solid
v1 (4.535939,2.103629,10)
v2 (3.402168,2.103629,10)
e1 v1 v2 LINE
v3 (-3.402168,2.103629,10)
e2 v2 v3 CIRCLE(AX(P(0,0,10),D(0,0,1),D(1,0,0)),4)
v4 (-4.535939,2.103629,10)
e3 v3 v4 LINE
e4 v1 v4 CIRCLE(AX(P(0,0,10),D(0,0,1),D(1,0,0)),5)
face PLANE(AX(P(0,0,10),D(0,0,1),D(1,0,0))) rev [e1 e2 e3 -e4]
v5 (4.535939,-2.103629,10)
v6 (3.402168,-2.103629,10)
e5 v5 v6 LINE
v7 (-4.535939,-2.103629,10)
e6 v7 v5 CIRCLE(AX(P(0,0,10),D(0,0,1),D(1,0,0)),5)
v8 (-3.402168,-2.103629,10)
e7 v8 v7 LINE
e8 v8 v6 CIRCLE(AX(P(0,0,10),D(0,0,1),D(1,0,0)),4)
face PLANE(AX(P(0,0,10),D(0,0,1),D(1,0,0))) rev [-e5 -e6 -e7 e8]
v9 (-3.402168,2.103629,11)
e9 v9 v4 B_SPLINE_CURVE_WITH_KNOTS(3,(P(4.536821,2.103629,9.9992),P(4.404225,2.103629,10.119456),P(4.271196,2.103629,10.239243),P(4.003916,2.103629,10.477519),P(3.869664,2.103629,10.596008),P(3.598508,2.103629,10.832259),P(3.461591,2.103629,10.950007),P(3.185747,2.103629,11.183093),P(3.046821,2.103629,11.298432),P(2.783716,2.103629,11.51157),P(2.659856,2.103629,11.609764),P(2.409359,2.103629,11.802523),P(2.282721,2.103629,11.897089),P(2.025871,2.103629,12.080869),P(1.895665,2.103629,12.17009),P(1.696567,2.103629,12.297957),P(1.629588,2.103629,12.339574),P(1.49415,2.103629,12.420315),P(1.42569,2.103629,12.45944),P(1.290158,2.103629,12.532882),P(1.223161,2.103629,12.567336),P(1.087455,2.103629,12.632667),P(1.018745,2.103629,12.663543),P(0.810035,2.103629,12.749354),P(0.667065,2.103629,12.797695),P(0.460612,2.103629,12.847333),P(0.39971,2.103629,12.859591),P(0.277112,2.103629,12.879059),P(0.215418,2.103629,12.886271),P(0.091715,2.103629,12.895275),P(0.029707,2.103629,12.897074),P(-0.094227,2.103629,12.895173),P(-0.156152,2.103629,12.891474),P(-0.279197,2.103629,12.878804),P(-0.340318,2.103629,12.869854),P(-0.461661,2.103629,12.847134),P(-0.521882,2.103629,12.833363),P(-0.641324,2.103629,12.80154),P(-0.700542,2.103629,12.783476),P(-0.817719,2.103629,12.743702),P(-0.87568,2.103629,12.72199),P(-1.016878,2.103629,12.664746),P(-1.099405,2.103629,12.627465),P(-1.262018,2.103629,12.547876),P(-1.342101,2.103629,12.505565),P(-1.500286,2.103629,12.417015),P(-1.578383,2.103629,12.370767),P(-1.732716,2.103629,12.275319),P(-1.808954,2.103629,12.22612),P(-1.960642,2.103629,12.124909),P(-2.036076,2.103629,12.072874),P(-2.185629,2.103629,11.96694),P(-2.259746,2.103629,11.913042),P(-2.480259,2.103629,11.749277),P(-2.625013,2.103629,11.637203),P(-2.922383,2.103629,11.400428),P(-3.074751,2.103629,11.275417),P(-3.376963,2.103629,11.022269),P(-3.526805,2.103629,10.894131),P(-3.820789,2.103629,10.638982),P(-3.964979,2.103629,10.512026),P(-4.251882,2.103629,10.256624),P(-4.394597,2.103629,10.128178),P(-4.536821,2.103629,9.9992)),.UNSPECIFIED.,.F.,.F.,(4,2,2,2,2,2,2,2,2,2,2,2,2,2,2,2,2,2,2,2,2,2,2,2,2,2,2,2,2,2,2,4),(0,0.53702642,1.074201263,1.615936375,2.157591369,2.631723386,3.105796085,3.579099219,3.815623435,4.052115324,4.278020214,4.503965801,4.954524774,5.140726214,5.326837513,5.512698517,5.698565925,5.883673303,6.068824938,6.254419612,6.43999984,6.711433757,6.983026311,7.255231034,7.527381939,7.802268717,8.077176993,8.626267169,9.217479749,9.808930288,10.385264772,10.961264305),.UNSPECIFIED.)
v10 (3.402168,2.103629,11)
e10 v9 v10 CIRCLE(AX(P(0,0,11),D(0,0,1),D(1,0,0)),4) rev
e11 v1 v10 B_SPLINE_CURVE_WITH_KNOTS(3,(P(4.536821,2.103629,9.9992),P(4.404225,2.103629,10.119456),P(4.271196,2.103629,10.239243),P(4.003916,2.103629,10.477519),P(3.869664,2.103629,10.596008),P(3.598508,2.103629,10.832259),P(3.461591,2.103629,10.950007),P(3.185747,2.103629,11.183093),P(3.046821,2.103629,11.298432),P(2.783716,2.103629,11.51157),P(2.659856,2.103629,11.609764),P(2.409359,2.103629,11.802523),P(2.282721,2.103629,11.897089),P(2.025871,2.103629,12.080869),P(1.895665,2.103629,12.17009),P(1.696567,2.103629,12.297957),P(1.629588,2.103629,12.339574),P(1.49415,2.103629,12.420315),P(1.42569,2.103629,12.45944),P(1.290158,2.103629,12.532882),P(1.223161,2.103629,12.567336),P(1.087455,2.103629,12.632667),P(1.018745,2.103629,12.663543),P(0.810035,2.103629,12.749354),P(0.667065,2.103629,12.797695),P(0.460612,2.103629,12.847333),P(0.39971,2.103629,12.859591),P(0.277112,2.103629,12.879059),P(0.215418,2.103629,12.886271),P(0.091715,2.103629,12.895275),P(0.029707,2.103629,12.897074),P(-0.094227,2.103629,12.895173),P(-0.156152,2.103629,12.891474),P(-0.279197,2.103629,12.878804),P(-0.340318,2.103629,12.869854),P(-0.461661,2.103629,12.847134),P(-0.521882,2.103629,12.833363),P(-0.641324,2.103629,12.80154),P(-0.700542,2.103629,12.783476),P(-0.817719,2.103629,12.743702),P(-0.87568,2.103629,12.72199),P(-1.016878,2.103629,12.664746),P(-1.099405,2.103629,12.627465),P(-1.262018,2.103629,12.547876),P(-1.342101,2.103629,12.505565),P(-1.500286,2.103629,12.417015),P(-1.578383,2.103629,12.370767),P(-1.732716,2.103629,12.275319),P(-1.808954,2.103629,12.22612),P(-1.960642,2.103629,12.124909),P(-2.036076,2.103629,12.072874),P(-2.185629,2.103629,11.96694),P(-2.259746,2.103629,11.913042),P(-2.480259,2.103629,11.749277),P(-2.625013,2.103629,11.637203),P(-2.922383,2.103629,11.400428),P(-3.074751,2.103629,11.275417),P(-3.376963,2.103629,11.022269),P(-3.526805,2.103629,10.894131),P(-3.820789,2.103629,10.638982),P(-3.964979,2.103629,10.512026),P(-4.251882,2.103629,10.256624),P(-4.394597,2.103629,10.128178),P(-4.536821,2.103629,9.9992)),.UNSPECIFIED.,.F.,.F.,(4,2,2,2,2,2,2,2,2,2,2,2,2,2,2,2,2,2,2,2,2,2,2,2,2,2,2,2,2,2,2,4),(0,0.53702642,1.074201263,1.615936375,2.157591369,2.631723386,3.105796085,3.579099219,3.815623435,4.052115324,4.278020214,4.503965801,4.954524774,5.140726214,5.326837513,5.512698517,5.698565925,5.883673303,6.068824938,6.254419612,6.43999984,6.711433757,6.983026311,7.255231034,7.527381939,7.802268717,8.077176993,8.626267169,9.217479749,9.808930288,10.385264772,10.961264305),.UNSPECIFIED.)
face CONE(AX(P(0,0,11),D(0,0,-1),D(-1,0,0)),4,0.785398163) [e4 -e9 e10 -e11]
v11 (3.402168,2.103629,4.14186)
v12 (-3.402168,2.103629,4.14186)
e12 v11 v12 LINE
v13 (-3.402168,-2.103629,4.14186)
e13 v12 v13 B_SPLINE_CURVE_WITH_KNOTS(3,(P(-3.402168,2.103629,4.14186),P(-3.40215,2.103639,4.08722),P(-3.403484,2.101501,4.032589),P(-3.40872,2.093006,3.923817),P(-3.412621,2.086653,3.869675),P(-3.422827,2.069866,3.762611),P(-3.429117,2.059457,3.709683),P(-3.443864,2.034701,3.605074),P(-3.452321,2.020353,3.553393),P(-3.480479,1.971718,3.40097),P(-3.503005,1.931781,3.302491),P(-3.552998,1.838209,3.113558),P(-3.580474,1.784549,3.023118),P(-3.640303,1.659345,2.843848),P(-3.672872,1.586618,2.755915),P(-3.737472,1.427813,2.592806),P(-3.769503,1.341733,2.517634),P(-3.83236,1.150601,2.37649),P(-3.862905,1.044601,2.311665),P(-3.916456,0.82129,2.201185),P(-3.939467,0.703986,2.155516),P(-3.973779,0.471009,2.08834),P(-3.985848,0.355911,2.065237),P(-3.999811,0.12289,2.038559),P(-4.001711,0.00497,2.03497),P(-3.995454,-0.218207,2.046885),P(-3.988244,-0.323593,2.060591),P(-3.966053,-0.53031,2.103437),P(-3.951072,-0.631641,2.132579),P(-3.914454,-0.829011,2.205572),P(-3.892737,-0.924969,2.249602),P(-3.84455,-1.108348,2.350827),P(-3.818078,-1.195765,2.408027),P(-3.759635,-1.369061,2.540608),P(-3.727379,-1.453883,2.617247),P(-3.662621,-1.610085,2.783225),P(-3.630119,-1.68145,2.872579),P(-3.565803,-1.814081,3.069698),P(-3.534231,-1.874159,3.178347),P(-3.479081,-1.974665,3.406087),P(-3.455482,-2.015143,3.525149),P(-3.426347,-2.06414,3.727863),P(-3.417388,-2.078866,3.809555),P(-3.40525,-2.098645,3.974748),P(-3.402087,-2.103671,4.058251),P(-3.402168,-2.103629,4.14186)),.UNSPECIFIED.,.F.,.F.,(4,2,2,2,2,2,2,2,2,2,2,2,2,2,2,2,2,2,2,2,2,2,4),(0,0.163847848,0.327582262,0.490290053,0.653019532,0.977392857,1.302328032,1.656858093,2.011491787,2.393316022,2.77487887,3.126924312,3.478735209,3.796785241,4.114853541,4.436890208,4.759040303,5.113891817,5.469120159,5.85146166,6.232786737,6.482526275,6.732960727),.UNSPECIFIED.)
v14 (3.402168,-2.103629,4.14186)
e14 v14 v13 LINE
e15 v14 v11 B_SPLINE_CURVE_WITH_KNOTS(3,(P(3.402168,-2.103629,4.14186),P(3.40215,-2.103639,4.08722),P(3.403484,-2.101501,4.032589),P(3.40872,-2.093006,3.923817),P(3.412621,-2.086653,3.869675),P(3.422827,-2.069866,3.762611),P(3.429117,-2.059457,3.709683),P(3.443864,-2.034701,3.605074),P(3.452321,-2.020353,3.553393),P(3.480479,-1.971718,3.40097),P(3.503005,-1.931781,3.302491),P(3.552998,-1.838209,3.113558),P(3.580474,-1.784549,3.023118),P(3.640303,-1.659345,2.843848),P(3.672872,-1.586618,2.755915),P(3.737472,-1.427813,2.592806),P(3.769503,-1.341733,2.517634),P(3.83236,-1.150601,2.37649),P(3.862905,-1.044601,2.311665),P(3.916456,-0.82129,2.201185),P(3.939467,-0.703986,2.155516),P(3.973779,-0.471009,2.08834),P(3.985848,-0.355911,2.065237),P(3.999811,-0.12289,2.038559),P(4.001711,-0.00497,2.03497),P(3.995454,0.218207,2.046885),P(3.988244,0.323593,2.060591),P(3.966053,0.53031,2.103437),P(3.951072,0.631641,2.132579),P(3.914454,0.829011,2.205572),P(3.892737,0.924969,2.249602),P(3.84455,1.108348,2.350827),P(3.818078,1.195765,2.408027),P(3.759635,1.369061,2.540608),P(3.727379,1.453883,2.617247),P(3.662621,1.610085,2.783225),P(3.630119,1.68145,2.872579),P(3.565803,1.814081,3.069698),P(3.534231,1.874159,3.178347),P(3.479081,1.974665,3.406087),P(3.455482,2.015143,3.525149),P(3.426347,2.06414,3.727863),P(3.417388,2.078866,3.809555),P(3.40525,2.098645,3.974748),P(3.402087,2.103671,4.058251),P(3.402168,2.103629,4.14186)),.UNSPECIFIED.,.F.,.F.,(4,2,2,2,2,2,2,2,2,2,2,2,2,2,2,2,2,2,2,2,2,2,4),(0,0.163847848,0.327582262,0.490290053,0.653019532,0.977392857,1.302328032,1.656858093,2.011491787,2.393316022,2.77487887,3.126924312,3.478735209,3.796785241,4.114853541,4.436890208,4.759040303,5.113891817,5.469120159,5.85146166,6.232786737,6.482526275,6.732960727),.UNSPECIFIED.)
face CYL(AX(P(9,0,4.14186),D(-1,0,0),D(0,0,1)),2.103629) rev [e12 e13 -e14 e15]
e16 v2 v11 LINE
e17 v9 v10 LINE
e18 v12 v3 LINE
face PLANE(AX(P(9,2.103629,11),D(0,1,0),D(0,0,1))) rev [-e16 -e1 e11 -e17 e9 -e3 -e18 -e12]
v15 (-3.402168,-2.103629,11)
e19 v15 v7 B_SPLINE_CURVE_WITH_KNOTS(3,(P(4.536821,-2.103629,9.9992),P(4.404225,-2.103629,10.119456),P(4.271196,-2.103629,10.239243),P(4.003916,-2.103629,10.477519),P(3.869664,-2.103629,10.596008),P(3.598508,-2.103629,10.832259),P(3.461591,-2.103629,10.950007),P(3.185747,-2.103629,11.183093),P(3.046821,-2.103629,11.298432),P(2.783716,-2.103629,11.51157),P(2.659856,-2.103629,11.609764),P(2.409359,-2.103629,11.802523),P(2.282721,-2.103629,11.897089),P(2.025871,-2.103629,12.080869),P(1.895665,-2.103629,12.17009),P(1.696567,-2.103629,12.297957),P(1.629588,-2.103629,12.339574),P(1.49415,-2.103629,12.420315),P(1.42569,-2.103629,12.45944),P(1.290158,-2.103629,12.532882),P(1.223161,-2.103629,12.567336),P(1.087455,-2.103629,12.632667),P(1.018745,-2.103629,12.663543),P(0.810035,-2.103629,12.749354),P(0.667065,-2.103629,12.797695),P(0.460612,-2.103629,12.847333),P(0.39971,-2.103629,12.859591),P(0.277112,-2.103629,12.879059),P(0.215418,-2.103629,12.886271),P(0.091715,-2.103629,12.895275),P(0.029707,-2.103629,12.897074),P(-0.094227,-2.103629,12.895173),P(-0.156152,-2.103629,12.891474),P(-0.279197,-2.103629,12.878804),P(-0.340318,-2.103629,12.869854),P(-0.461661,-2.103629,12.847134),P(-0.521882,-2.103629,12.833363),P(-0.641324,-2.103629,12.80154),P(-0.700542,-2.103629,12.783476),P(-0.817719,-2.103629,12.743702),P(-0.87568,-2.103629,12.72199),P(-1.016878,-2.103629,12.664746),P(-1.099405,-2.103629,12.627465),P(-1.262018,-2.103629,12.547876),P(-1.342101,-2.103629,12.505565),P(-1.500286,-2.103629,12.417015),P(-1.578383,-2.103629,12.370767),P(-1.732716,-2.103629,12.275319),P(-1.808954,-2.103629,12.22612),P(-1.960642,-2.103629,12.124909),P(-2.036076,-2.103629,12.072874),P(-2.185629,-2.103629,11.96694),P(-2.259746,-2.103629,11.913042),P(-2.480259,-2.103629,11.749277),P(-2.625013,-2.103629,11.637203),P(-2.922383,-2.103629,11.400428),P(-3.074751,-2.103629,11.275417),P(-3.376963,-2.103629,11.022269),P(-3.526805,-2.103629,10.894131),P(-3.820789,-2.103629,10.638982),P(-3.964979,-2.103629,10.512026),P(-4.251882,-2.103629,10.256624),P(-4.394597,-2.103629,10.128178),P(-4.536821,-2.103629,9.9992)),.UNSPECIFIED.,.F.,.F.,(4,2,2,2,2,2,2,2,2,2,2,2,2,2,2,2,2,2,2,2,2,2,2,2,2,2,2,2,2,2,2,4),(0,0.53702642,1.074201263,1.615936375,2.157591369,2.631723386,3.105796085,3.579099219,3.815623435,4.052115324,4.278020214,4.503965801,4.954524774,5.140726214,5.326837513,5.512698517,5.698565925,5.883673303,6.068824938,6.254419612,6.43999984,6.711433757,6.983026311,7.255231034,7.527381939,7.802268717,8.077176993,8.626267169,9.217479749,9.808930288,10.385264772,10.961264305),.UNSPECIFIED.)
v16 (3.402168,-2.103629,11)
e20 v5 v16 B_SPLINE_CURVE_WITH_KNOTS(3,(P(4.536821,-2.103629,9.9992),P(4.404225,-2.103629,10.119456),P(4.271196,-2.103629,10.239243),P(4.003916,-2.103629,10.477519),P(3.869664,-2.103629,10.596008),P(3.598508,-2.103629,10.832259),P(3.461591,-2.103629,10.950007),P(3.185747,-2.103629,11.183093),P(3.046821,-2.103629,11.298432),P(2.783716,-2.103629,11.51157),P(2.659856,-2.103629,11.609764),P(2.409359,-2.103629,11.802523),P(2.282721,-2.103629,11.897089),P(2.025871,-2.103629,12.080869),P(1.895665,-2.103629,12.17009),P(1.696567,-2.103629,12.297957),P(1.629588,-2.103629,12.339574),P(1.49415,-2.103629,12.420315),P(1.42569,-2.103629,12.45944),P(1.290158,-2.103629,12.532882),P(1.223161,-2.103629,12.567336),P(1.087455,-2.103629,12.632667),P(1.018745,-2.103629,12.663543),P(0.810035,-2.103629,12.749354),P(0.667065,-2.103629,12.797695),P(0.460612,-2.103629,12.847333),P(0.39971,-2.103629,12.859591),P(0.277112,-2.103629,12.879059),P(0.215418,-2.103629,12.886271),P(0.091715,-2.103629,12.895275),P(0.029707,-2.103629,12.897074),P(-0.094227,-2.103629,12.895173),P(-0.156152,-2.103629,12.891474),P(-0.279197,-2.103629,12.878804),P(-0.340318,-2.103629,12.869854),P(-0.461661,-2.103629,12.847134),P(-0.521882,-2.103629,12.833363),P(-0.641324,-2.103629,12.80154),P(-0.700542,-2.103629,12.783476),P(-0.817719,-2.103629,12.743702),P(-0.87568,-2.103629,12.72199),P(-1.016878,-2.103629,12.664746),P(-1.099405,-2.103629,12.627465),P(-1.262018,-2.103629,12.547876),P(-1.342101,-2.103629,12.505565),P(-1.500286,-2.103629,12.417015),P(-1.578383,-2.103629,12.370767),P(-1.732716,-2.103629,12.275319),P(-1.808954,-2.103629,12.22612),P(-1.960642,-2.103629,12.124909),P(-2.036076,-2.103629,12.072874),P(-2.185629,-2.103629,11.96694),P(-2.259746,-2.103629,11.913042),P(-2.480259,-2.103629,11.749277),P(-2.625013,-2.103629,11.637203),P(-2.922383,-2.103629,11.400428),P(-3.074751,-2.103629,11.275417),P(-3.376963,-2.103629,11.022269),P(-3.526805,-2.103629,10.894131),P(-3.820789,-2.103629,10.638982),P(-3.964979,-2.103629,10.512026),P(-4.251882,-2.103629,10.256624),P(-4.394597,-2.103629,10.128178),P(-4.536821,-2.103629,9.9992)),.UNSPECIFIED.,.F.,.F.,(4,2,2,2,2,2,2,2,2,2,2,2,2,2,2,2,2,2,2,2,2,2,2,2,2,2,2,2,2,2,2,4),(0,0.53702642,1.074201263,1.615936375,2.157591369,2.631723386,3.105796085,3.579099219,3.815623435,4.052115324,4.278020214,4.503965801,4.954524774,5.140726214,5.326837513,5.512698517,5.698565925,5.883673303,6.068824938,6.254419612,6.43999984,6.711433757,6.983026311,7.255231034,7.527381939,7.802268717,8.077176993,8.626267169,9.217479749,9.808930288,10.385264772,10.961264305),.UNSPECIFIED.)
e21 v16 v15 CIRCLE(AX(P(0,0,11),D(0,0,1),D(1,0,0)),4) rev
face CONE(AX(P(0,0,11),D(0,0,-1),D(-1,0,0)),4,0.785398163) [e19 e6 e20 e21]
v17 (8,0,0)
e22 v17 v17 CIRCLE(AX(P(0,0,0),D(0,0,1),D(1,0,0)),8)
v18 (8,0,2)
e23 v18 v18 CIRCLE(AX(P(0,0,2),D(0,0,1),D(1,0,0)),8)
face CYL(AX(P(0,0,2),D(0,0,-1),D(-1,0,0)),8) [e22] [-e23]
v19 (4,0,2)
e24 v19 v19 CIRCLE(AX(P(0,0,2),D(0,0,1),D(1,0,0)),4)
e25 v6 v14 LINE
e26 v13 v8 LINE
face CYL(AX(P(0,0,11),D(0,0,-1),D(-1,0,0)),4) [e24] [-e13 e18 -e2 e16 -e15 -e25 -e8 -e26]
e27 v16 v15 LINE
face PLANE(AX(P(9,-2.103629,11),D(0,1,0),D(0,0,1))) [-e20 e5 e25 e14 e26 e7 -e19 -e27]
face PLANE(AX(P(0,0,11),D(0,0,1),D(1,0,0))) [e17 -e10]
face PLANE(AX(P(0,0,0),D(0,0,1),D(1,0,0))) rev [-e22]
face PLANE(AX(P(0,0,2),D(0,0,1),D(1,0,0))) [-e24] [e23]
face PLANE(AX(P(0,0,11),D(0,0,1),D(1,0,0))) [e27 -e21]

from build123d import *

# Parameters (mm, degrees)
SKETCH1_R               = 8
BOSS_EXTRUDE1_DEPTH     = 2
SKETCH2_R               = 4
BOSS_EXTRUDE2_DEPTH     = 9
SKETCH7_R               = 5
CUT_EXTRUDE1_DEPTH      = 9
CUT_EXTRUDE1_DEPTH_BACK = 9


with BuildPart() as part:
    # Sketch1 → Boss-Extrude1 (new body)
    with BuildSketch(Plane.XY):
        Circle(SKETCH1_R)
    extrude(amount=BOSS_EXTRUDE1_DEPTH)

    # Sketch2 → Boss-Extrude2 (add)
    with BuildSketch(Plane.XY.offset(2)):
        Circle(SKETCH2_R)
    extrude(amount=BOSS_EXTRUDE2_DEPTH)

    # Sketch7 → section 0 of loft1
    with BuildSketch(Plane.XY.offset(10), mode=Mode.PRIVATE) as loft1_s0:
        Circle(SKETCH7_R)
    # loft up to a face of the part (loft1)
    loft([loft1_s0.sketch, part.faces().sort_by_distance((0, 0, 11))[0]])

    # Sketch4 → Cut-Extrude1 (cut, two sides: drawn at the far end of the back side and taken through both)
    with BuildSketch(Plane(origin=(0, 0, 0), x_dir=(0, 0, -1), z_dir=(1, 0, 0)).offset(-CUT_EXTRUDE1_DEPTH_BACK)):
        with BuildLine():
            Line((-11, 2.103629109), (-4.141860423, 2.103629109))
            ThreePointArc((-4.141860423, 2.103629109), (-2.038231313, 0), (-4.141860423, -2.103629109))
            Line((-4.141860423, -2.103629109), (-11, -2.103629109))
            ThreePointArc((-11, -2.103629109), (-13.103629109, 0), (-11, 2.103629109))
        make_face()
    extrude(amount=CUT_EXTRUDE1_DEPTH + CUT_EXTRUDE1_DEPTH_BACK, mode=Mode.SUBTRACT)


solid = part.part
